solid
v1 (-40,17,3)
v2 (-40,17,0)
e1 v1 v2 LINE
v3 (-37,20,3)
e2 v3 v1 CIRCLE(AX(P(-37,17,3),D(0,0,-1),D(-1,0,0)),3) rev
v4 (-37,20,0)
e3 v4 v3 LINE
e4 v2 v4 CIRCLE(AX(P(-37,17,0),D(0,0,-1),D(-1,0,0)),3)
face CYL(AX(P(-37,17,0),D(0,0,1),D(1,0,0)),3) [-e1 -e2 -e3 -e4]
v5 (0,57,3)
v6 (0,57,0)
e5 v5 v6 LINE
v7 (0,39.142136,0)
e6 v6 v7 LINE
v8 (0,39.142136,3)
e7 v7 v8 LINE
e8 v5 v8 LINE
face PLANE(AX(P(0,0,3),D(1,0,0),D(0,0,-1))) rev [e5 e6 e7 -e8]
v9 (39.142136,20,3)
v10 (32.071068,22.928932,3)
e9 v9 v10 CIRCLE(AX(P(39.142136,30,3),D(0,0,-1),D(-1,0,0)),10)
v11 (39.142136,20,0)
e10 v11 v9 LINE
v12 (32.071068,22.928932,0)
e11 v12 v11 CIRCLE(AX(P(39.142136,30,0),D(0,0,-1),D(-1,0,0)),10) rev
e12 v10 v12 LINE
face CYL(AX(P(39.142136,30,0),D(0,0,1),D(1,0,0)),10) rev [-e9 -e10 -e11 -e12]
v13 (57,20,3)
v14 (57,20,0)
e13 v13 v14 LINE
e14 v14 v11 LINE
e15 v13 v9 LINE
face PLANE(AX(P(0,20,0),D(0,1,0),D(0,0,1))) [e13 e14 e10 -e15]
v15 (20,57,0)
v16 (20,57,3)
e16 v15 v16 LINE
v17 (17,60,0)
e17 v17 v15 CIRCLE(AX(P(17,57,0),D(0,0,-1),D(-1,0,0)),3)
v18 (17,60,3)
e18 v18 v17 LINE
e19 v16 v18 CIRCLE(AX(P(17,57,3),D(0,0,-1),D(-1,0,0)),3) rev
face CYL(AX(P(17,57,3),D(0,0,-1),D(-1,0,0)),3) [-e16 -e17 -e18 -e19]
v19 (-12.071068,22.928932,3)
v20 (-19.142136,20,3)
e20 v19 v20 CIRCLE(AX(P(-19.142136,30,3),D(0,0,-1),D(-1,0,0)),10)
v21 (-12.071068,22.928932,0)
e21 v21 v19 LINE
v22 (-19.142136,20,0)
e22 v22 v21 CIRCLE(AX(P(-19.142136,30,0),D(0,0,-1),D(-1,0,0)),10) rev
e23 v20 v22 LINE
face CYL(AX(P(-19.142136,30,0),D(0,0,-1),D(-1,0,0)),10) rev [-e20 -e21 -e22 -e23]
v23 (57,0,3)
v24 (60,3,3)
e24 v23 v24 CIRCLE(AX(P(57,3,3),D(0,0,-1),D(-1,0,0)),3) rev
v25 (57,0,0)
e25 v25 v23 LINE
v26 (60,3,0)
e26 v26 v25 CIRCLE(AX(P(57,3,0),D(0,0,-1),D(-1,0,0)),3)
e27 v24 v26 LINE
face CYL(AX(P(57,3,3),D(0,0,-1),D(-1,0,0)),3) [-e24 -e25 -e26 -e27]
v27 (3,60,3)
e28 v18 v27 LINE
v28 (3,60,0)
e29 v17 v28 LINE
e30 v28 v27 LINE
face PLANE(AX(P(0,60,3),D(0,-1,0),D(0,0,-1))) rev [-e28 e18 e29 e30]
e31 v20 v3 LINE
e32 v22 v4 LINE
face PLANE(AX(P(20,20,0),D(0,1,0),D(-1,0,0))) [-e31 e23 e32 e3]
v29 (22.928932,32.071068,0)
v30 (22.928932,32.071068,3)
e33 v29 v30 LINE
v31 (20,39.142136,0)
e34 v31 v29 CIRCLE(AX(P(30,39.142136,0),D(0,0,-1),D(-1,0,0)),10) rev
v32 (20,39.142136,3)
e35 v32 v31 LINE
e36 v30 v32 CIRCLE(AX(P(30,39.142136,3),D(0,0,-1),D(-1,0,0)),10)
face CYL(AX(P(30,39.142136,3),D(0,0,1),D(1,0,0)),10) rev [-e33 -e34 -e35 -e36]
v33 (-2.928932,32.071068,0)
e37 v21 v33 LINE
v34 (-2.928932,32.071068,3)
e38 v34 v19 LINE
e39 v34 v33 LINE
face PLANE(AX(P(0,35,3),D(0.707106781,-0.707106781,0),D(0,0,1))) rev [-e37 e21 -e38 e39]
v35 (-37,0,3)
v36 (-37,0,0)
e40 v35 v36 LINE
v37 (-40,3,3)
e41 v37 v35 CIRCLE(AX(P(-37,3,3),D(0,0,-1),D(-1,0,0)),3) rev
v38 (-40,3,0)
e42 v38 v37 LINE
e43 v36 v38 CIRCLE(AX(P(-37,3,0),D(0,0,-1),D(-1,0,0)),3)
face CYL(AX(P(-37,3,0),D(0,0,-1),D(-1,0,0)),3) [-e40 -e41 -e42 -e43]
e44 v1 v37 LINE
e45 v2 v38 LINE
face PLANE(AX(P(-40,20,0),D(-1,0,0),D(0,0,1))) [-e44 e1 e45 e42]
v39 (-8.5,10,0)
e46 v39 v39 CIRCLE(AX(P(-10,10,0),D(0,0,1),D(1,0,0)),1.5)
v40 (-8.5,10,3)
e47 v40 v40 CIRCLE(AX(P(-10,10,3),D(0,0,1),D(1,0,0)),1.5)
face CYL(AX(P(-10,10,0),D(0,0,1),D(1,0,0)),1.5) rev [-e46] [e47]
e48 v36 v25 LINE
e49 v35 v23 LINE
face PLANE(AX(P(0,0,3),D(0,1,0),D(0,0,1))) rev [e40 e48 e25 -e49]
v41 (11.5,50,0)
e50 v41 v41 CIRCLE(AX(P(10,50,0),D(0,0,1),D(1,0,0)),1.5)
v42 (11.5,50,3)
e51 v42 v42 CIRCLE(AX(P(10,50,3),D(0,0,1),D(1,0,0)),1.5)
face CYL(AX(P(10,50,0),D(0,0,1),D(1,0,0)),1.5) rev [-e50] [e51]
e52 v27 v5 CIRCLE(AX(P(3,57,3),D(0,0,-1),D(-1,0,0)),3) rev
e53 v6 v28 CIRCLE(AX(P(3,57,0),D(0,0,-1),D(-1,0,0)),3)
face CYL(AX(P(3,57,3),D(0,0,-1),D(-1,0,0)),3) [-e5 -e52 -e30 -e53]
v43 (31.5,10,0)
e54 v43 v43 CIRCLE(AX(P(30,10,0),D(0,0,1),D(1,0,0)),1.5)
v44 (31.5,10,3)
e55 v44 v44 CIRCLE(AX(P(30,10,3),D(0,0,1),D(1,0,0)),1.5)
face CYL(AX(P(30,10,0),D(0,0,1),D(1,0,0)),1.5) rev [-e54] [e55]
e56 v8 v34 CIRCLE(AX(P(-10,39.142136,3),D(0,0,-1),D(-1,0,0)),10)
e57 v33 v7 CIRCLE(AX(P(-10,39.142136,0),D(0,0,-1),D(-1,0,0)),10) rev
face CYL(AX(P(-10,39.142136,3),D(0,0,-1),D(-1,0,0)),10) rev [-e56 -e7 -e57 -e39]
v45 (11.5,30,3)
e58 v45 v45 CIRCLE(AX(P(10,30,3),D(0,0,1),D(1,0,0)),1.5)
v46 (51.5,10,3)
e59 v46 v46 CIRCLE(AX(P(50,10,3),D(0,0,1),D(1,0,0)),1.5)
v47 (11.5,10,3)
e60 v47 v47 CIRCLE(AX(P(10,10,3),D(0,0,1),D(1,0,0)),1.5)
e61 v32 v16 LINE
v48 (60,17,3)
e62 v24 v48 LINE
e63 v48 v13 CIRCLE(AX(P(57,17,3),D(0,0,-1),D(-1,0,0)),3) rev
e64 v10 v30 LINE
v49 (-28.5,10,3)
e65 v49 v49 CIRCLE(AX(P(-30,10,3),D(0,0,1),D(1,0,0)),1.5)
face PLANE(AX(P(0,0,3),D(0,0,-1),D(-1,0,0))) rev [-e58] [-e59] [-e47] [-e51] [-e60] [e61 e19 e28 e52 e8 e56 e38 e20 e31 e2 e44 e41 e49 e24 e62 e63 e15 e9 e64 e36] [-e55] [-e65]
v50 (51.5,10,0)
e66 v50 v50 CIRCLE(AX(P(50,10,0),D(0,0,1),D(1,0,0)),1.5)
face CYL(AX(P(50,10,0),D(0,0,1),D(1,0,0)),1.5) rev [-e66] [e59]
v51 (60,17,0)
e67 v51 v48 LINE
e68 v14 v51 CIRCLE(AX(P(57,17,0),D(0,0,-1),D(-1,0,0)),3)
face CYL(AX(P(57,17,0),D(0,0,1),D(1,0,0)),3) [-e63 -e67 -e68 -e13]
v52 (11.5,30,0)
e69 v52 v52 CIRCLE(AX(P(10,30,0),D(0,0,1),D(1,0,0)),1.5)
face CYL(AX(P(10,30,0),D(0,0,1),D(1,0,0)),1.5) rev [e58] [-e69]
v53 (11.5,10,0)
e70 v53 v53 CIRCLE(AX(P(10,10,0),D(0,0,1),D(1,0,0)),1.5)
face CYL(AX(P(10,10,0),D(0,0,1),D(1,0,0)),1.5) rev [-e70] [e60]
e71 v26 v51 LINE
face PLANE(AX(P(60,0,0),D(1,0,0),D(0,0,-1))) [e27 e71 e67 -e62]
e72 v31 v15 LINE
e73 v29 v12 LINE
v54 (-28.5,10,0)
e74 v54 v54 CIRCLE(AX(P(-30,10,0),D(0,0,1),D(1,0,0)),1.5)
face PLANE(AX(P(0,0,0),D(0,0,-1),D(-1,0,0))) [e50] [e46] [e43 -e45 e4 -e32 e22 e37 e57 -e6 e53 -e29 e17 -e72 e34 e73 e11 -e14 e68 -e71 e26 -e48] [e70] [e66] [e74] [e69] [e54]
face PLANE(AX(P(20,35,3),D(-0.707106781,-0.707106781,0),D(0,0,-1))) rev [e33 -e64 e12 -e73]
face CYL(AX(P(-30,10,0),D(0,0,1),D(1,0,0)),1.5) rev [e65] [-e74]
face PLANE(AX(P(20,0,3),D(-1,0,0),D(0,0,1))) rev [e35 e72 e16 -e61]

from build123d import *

# Parameters (mm, degrees)
SKETCH_1_W          = 20
SKETCH_1_H          = 60
EXTRUDE_1_DEPTH     = 3
SKETCH_2_W          = 60
SKETCH_2_H          = 20
EXTRUDE_2_DEPTH     = 3
SKETCH_3_W          = 60
SKETCH_3_H          = 20
EXTRUDE_3_DEPTH     = 3
SKETCH_4_R          = 1.5
CUT_EXTRUDE_1_DEPTH = 3
FILLET_2_R          = 3
CHAMFER_1_SIZE      = 15
FILLET_3_R          = 10


with BuildPart() as part:
    # 草图1 → 凸台-拉伸1 (new body)
    with BuildSketch(Plane.XY):
        with Locations((10, 30)):
            Rectangle(SKETCH_1_W, SKETCH_1_H)
    extrude(amount=EXTRUDE_1_DEPTH)

    # 草图2 → 凸台-拉伸2 (add)
    with BuildSketch(Plane.XY.offset(3)):
        with Locations((30, 10)):
            Rectangle(SKETCH_2_W, SKETCH_2_H)
    extrude(amount=-EXTRUDE_2_DEPTH)

    # 草图3 → 凸台-拉伸3 (add)
    with BuildSketch(Plane.XY.offset(3)):
        with Locations((-10, 10)):
            Rectangle(SKETCH_3_W, SKETCH_3_H)
    extrude(amount=-EXTRUDE_3_DEPTH)

    # 草图4 → 切除-拉伸1 (cut)
    with BuildSketch(Plane.XY.offset(3)):
        with Locations((10, 10)):
            Circle(SKETCH_4_R)
        with Locations((10, 30)):
            Circle(SKETCH_4_R)
        with Locations((10, 50)):
            Circle(SKETCH_4_R)
        with Locations((-30, 10)):
            Circle(SKETCH_4_R)
        with Locations((-10, 10)):
            Circle(SKETCH_4_R)
        with Locations((30, 10)):
            Circle(SKETCH_4_R)
        with Locations((50, 10)):
            Circle(SKETCH_4_R)
    extrude(amount=-CUT_EXTRUDE_1_DEPTH, mode=Mode.SUBTRACT)

    # 圆角2
    fillet_2_edges = [part.edges().sort_by_distance(p)[0] for p in [
        (60, 0, 1.5),
        (60, 20, 1.5),
        (-40, 20, 1.5),
        (-40, 0, 1.5),
        (0, 60, 1.5),
        (20, 60, 1.5),
    ]]
    fillet(fillet_2_edges, radius=FILLET_2_R)

    # 倒角1
    chamfer_1_edges = [part.edges().sort_by_distance(p)[0] for p in [
        (20, 20, 1.5),
        (0, 20, 1.5),
    ]]
    chamfer(chamfer_1_edges, length=CHAMFER_1_SIZE)

    # 圆角3
    fillet_3_edges = [part.edges().sort_by_distance(p)[0] for p in [
        (20, 35, 1.5),
        (35, 20, 1.5),
        (0, 35, 1.5),
        (-15, 20, 1.5),
    ]]
    fillet(fillet_3_edges, radius=FILLET_3_R)


solid = part.part
